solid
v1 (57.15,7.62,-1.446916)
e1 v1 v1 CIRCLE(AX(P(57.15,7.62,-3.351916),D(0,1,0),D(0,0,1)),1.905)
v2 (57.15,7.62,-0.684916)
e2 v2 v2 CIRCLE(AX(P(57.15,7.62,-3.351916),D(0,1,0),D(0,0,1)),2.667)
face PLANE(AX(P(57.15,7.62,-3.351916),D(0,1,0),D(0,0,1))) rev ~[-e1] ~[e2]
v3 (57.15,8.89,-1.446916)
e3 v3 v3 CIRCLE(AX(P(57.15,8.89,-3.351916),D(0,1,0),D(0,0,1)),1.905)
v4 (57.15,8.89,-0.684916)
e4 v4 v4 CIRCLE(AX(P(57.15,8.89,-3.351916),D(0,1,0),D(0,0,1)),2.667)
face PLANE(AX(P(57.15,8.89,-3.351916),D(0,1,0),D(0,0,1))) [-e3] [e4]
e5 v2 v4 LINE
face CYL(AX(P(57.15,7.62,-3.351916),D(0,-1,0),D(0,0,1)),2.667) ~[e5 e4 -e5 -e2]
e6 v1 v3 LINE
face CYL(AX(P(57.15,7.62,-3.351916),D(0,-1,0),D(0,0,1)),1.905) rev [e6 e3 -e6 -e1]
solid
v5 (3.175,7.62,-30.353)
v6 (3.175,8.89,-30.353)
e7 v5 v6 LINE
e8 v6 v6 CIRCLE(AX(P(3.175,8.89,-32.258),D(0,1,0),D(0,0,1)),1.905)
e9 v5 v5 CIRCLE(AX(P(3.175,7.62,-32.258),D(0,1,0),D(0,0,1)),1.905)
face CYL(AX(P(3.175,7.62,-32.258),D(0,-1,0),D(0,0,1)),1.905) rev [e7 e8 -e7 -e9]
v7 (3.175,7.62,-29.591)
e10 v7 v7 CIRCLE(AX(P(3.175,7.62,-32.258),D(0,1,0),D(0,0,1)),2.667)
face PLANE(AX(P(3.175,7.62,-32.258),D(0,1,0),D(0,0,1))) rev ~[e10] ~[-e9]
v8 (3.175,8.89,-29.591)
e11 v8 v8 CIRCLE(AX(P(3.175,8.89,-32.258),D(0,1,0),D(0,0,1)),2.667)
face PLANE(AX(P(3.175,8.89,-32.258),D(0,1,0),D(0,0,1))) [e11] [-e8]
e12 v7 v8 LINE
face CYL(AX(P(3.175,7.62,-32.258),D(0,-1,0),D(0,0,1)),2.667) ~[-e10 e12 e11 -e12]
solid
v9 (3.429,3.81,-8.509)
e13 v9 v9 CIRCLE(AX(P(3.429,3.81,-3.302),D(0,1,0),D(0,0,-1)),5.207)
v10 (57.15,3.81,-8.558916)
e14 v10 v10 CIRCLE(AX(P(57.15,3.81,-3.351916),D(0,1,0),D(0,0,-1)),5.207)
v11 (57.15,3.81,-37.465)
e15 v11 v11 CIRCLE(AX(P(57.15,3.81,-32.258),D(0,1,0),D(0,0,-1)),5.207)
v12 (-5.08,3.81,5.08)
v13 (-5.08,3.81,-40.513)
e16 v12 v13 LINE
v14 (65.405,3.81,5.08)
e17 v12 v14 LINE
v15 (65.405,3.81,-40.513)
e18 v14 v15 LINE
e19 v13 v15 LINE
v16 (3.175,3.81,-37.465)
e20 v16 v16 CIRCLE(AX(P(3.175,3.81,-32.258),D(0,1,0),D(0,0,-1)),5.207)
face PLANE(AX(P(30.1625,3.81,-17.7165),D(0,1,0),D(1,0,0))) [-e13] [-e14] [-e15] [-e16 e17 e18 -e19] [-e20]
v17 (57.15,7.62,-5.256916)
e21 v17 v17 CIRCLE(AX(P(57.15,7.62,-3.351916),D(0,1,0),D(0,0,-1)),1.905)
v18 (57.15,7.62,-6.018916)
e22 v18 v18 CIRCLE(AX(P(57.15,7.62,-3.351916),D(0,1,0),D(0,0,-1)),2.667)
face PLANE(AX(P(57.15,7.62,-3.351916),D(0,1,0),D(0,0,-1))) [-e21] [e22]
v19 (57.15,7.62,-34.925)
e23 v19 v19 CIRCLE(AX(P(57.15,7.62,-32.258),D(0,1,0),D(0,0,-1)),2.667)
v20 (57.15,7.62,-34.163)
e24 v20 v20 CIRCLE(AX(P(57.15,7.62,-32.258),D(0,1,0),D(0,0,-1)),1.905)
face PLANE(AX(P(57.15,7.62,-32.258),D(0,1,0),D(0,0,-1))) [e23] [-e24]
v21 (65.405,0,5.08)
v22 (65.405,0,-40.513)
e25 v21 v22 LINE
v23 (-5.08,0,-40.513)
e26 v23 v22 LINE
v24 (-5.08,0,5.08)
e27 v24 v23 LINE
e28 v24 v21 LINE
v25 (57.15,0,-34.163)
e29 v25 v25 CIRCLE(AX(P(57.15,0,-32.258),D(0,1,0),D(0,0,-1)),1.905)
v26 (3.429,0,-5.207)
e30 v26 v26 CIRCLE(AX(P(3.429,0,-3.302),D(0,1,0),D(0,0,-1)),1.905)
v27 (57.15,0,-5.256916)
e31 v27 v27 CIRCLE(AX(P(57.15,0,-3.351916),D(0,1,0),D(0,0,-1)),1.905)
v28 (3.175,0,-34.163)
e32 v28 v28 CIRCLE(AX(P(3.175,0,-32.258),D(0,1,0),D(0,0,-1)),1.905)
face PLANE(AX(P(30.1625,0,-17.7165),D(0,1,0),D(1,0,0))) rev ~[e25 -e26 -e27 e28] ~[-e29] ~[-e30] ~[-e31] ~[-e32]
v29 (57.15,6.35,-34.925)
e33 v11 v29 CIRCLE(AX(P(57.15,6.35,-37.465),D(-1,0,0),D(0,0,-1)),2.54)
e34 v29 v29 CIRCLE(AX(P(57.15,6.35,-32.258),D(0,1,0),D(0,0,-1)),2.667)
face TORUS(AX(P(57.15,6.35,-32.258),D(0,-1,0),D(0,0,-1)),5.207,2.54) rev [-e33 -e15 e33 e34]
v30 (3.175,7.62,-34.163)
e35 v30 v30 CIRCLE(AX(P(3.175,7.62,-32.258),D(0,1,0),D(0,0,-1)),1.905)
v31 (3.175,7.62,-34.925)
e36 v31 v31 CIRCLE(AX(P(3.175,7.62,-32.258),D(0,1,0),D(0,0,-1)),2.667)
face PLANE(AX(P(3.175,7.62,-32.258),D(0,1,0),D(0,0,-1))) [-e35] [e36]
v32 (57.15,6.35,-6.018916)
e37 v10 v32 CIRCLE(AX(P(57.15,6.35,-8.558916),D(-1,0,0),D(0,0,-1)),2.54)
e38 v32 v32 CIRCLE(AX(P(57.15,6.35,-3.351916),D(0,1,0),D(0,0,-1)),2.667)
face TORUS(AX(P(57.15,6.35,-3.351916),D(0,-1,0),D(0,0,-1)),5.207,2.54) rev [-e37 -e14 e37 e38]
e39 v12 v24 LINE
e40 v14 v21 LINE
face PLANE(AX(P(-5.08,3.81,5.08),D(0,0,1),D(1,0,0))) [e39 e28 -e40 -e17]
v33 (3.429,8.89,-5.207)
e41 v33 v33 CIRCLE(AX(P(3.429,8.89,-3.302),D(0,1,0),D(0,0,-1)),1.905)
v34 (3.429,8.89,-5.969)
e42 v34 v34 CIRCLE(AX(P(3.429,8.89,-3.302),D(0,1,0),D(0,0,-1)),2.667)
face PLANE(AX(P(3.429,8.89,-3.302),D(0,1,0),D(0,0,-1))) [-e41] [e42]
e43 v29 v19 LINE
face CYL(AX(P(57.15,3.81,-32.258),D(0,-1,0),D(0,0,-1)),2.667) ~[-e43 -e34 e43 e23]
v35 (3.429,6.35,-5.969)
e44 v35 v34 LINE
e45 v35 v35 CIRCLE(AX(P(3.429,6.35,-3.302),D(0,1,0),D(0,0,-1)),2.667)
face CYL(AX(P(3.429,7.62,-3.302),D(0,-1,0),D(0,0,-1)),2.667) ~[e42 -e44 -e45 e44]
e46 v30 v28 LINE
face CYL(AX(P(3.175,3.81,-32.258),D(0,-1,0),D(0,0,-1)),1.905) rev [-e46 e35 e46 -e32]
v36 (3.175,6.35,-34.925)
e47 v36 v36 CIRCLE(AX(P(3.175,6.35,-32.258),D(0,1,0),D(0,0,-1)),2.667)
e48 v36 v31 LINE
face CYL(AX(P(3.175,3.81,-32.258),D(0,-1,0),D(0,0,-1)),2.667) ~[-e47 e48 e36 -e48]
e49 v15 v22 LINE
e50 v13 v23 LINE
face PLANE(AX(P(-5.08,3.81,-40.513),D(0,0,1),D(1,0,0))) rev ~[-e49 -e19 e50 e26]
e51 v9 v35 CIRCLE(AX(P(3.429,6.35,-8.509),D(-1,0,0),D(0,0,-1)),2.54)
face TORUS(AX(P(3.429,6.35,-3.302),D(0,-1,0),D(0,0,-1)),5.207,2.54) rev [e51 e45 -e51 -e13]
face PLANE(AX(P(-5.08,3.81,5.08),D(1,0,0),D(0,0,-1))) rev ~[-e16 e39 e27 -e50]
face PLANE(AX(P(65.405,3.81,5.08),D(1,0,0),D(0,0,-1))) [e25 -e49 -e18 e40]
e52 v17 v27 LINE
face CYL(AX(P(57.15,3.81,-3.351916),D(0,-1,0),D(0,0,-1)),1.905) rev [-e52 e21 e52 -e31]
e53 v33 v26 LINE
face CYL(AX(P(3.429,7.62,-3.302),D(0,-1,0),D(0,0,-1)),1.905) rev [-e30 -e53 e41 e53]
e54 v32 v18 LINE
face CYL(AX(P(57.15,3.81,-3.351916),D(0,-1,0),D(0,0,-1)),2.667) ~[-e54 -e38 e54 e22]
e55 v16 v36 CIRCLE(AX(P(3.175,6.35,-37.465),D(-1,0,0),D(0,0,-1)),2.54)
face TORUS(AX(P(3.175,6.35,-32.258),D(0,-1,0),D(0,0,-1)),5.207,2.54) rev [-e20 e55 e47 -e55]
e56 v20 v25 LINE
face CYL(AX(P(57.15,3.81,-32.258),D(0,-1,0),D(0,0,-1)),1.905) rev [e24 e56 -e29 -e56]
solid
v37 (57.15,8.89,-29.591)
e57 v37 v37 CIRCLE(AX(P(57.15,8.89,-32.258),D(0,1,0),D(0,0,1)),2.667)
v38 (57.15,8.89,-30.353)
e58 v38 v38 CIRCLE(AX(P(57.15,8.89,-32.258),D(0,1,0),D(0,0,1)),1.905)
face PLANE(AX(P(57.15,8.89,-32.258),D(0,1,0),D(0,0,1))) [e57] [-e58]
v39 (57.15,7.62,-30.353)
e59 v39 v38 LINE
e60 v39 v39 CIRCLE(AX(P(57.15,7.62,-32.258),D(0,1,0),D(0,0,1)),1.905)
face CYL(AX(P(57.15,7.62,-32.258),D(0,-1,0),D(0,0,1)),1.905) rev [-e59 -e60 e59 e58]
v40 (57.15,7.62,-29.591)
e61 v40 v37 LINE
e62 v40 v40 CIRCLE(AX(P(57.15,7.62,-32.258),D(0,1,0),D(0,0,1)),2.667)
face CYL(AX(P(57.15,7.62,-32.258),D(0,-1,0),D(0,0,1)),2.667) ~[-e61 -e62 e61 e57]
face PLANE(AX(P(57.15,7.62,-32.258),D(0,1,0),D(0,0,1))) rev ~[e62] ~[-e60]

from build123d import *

# Parameters (mm, degrees)
SKETCH2_W             = 60.325
SKETCH2_H             = 35.433
SKETCH2_R             = 1.905
BOSS_EXTRUDE1_DEPTH   = 3.81
SKETCH4_R             = 2.667
SKETCH4_R_2           = 1.905
BOSS_EXTRUDE3_DEPTH   = 3.81
BOSS_EXTRUDE3_2_DEPTH = 3.81
BOSS_EXTRUDE3_3_DEPTH = 3.81
BOSS_EXTRUDE3_4_DEPTH = 3.81
SKETCH6_R             = 2.667
SKETCH6_R_2           = 1.905
BOSS_EXTRUDE4_DEPTH   = 1.27
SKETCH7_W             = 70.485
SKETCH7_H             = 45.593
SKETCH7_W_2           = 60.325
SKETCH7_H_2           = 35.433
BOSS_EXTRUDE5_DEPTH   = 3.81
FILLET5_R             = 2.54
FILLET7_R             = 2.54
FILLET8_R             = 2.54
FILLET9_R             = 2.54


with BuildPart() as part:
    # Sketch2 → Boss-Extrude1 (new body)
    with BuildSketch(Plane(origin=(0, 0, 0), x_dir=(1, 0, 0), z_dir=(0, 1, 0))):
        with Locations((30.1625, 17.7165)):
            Rectangle(SKETCH2_W, SKETCH2_H)
        with Locations(Location((57.15, 32.258, 0), (0, 0, 90))):
            Circle(SKETCH2_R, mode=Mode.SUBTRACT)
        with Locations(Location((57.15, 3.35191596, 0), (0, 0, 90))):
            Circle(SKETCH2_R, mode=Mode.SUBTRACT)
        with Locations(Location((3.175, 32.258, 0), (0, 0, 90))):
            Circle(SKETCH2_R, mode=Mode.SUBTRACT)
        with Locations(Location((3.429, 3.302, 0), (0, 0, 90))):
            Circle(SKETCH2_R, mode=Mode.SUBTRACT)
    extrude(amount=BOSS_EXTRUDE1_DEPTH)



with BuildPart() as body_2:
    # Sketch4 → Boss-Extrude3 (new body)
    with BuildSketch(Plane(origin=(0, 3.81, 0), x_dir=(1, 0, 0), z_dir=(0, 1, 0))):
        with Locations(Location((3.175, 32.258, 0), (0, 0, 90))):
            Circle(SKETCH4_R)
        with Locations(Location((3.175, 32.258, 0), (0, 0, 90))):
            Circle(SKETCH4_R_2, mode=Mode.SUBTRACT)
    extrude(amount=BOSS_EXTRUDE3_DEPTH)


with BuildPart() as body_3:
    # Sketch4 → Boss-Extrude3 2 (new body)
    with BuildSketch(Plane(origin=(0, 3.81, 0), x_dir=(1, 0, 0), z_dir=(0, 1, 0))):
        with Locations(Location((57.15, 32.258, 0), (0, 0, 90))):
            Circle(SKETCH4_R)
        with Locations(Location((57.15, 32.258, 0), (0, 0, 90))):
            Circle(SKETCH4_R_2, mode=Mode.SUBTRACT)
    extrude(amount=BOSS_EXTRUDE3_2_DEPTH)


with BuildPart() as body_4:
    # Sketch4 → Boss-Extrude3 3 (new body)
    with BuildSketch(Plane(origin=(0, 3.81, 0), x_dir=(1, 0, 0), z_dir=(0, 1, 0))):
        with Locations(Location((57.15, 3.35191596, 0), (0, 0, 90))):
            Circle(SKETCH4_R)
        with Locations(Location((57.15, 3.35191596, 0), (0, 0, 90))):
            Circle(SKETCH4_R_2, mode=Mode.SUBTRACT)
    extrude(amount=BOSS_EXTRUDE3_3_DEPTH)


with BuildPart() as body_5:
    # Sketch4 → Boss-Extrude3 4 (new body)
    with BuildSketch(Plane(origin=(0, 3.81, 0), x_dir=(1, 0, 0), z_dir=(0, 1, 0))):
        with Locations(Location((3.429, 3.302, 0), (0, 0, 90))):
            Circle(SKETCH4_R)
        with Locations(Location((3.429, 3.302, 0), (0, 0, 90))):
            Circle(SKETCH4_R_2, mode=Mode.SUBTRACT)
    extrude(amount=BOSS_EXTRUDE3_4_DEPTH)

    # Sketch6 → Boss-Extrude4 (add)
    # profile 1 of 4: a face of its own
    with BuildSketch(Plane(origin=(0, 7.62, 0), x_dir=(1, 0, 0), z_dir=(0, 1, 0))):
        with Locations(Location((3.429, 3.302, 0), (0, 0, 90))):
            Circle(SKETCH6_R)
        with Locations(Location((3.429, 3.302, 0), (0, 0, 90))):
            Circle(SKETCH6_R_2, mode=Mode.SUBTRACT)
    # profile 2 of 4: a face of its own
    with BuildSketch(Plane(origin=(0, 7.62, 0), x_dir=(1, 0, 0), z_dir=(0, 1, 0))):
        with Locations(Location((3.175, 32.258, 0), (0, 0, 270))):
            Circle(SKETCH6_R)
        with Locations(Location((3.175, 32.258, 0), (0, 0, 270))):
            Circle(SKETCH6_R_2, mode=Mode.SUBTRACT)
    # profile 3 of 4: a face of its own
    with BuildSketch(Plane(origin=(0, 7.62, 0), x_dir=(1, 0, 0), z_dir=(0, 1, 0))):
        with Locations(Location((57.15, 32.258, 0), (0, 0, 270))):
            Circle(SKETCH6_R)
        with Locations(Location((57.15, 32.258, 0), (0, 0, 270))):
            Circle(SKETCH6_R_2, mode=Mode.SUBTRACT)
    # profile 4 of 4: a face of its own
    with BuildSketch(Plane(origin=(0, 7.62, 0), x_dir=(1, 0, 0), z_dir=(0, 1, 0))):
        with Locations(Location((57.15, 3.35191596, 0), (0, 0, 270))):
            Circle(SKETCH6_R)
        with Locations(Location((57.15, 3.35191596, 0), (0, 0, 270))):
            Circle(SKETCH6_R_2, mode=Mode.SUBTRACT)
    extrude(amount=BOSS_EXTRUDE4_DEPTH)


with BuildPart() as boss_extrude4_piece_1:
    # of the separate pieces the step leaves, piece 1, a body of its own (boss_extrude4_pieces)
    add(body_5.part.solids().sort_by_distance((3.429, 3.81, -5.969))[0])


with BuildPart() as boss_extrude4_piece_2:
    # of the separate pieces the step leaves, piece 2, a body of its own (boss_extrude4_pieces)
    add(body_5.part.solids().sort_by_distance((57.15, 7.62, -0.68491596))[0])


with BuildPart() as boss_extrude4_piece_3:
    # of the separate pieces the step leaves, piece 3, a body of its own (boss_extrude4_pieces)
    add(body_5.part.solids().sort_by_distance((57.15, 7.62, -29.591))[0])


with BuildPart() as boss_extrude4_piece_4:
    # of the separate pieces the step leaves, piece 4, a body of its own (boss_extrude4_pieces)
    add(body_5.part.solids().sort_by_distance((3.175, 7.62, -29.591))[0])


with BuildPart() as part_1:
    add(part.part)

    add(body_2.part)  # Boss-Extrude5 merges body 2

    add(body_3.part)  # Boss-Extrude5 merges body 3

    add(body_4.part)  # Boss-Extrude5 merges body 4

    add(boss_extrude4_piece_1.part)  # Boss-Extrude5 merges Boss-Extrude4 piece 1
    # Sketch7 → Boss-Extrude5 (add)
    with BuildSketch(Plane(origin=(0, 3.81, 0), x_dir=(1, 0, 0), z_dir=(0, 1, 0))):
        with Locations((30.1625, 17.7165)):
            Rectangle(SKETCH7_W, SKETCH7_H)
        with Locations((30.1625, 17.7165)):
            Rectangle(SKETCH7_W_2, SKETCH7_H_2, mode=Mode.SUBTRACT)
    extrude(amount=-BOSS_EXTRUDE5_DEPTH)

    # Fillet5
    fillet5_edges = [part_1.edges().sort_by_distance(p)[0] for p in [
        (3.175, 3.81, -29.591),
    ]]
    fillet(fillet5_edges, radius=FILLET5_R)

    # Fillet7
    fillet7_edges = [part_1.edges().sort_by_distance(p)[0] for p in [
        (3.429, 3.81, -0.635),
    ]]
    fillet(fillet7_edges, radius=FILLET7_R)

    # Fillet8
    fillet8_edges = [part_1.edges().sort_by_distance(p)[0] for p in [
        (57.15, 3.81, -0.68491596),
    ]]
    fillet(fillet8_edges, radius=FILLET8_R)

    # Fillet9
    fillet9_edges = [part_1.edges().sort_by_distance(p)[0] for p in [
        (57.15, 3.81, -29.591),
    ]]
    fillet(fillet9_edges, radius=FILLET9_R)


solid = Compound([boss_extrude4_piece_2.part, boss_extrude4_piece_3.part, boss_extrude4_piece_4.part, part_1.part])
